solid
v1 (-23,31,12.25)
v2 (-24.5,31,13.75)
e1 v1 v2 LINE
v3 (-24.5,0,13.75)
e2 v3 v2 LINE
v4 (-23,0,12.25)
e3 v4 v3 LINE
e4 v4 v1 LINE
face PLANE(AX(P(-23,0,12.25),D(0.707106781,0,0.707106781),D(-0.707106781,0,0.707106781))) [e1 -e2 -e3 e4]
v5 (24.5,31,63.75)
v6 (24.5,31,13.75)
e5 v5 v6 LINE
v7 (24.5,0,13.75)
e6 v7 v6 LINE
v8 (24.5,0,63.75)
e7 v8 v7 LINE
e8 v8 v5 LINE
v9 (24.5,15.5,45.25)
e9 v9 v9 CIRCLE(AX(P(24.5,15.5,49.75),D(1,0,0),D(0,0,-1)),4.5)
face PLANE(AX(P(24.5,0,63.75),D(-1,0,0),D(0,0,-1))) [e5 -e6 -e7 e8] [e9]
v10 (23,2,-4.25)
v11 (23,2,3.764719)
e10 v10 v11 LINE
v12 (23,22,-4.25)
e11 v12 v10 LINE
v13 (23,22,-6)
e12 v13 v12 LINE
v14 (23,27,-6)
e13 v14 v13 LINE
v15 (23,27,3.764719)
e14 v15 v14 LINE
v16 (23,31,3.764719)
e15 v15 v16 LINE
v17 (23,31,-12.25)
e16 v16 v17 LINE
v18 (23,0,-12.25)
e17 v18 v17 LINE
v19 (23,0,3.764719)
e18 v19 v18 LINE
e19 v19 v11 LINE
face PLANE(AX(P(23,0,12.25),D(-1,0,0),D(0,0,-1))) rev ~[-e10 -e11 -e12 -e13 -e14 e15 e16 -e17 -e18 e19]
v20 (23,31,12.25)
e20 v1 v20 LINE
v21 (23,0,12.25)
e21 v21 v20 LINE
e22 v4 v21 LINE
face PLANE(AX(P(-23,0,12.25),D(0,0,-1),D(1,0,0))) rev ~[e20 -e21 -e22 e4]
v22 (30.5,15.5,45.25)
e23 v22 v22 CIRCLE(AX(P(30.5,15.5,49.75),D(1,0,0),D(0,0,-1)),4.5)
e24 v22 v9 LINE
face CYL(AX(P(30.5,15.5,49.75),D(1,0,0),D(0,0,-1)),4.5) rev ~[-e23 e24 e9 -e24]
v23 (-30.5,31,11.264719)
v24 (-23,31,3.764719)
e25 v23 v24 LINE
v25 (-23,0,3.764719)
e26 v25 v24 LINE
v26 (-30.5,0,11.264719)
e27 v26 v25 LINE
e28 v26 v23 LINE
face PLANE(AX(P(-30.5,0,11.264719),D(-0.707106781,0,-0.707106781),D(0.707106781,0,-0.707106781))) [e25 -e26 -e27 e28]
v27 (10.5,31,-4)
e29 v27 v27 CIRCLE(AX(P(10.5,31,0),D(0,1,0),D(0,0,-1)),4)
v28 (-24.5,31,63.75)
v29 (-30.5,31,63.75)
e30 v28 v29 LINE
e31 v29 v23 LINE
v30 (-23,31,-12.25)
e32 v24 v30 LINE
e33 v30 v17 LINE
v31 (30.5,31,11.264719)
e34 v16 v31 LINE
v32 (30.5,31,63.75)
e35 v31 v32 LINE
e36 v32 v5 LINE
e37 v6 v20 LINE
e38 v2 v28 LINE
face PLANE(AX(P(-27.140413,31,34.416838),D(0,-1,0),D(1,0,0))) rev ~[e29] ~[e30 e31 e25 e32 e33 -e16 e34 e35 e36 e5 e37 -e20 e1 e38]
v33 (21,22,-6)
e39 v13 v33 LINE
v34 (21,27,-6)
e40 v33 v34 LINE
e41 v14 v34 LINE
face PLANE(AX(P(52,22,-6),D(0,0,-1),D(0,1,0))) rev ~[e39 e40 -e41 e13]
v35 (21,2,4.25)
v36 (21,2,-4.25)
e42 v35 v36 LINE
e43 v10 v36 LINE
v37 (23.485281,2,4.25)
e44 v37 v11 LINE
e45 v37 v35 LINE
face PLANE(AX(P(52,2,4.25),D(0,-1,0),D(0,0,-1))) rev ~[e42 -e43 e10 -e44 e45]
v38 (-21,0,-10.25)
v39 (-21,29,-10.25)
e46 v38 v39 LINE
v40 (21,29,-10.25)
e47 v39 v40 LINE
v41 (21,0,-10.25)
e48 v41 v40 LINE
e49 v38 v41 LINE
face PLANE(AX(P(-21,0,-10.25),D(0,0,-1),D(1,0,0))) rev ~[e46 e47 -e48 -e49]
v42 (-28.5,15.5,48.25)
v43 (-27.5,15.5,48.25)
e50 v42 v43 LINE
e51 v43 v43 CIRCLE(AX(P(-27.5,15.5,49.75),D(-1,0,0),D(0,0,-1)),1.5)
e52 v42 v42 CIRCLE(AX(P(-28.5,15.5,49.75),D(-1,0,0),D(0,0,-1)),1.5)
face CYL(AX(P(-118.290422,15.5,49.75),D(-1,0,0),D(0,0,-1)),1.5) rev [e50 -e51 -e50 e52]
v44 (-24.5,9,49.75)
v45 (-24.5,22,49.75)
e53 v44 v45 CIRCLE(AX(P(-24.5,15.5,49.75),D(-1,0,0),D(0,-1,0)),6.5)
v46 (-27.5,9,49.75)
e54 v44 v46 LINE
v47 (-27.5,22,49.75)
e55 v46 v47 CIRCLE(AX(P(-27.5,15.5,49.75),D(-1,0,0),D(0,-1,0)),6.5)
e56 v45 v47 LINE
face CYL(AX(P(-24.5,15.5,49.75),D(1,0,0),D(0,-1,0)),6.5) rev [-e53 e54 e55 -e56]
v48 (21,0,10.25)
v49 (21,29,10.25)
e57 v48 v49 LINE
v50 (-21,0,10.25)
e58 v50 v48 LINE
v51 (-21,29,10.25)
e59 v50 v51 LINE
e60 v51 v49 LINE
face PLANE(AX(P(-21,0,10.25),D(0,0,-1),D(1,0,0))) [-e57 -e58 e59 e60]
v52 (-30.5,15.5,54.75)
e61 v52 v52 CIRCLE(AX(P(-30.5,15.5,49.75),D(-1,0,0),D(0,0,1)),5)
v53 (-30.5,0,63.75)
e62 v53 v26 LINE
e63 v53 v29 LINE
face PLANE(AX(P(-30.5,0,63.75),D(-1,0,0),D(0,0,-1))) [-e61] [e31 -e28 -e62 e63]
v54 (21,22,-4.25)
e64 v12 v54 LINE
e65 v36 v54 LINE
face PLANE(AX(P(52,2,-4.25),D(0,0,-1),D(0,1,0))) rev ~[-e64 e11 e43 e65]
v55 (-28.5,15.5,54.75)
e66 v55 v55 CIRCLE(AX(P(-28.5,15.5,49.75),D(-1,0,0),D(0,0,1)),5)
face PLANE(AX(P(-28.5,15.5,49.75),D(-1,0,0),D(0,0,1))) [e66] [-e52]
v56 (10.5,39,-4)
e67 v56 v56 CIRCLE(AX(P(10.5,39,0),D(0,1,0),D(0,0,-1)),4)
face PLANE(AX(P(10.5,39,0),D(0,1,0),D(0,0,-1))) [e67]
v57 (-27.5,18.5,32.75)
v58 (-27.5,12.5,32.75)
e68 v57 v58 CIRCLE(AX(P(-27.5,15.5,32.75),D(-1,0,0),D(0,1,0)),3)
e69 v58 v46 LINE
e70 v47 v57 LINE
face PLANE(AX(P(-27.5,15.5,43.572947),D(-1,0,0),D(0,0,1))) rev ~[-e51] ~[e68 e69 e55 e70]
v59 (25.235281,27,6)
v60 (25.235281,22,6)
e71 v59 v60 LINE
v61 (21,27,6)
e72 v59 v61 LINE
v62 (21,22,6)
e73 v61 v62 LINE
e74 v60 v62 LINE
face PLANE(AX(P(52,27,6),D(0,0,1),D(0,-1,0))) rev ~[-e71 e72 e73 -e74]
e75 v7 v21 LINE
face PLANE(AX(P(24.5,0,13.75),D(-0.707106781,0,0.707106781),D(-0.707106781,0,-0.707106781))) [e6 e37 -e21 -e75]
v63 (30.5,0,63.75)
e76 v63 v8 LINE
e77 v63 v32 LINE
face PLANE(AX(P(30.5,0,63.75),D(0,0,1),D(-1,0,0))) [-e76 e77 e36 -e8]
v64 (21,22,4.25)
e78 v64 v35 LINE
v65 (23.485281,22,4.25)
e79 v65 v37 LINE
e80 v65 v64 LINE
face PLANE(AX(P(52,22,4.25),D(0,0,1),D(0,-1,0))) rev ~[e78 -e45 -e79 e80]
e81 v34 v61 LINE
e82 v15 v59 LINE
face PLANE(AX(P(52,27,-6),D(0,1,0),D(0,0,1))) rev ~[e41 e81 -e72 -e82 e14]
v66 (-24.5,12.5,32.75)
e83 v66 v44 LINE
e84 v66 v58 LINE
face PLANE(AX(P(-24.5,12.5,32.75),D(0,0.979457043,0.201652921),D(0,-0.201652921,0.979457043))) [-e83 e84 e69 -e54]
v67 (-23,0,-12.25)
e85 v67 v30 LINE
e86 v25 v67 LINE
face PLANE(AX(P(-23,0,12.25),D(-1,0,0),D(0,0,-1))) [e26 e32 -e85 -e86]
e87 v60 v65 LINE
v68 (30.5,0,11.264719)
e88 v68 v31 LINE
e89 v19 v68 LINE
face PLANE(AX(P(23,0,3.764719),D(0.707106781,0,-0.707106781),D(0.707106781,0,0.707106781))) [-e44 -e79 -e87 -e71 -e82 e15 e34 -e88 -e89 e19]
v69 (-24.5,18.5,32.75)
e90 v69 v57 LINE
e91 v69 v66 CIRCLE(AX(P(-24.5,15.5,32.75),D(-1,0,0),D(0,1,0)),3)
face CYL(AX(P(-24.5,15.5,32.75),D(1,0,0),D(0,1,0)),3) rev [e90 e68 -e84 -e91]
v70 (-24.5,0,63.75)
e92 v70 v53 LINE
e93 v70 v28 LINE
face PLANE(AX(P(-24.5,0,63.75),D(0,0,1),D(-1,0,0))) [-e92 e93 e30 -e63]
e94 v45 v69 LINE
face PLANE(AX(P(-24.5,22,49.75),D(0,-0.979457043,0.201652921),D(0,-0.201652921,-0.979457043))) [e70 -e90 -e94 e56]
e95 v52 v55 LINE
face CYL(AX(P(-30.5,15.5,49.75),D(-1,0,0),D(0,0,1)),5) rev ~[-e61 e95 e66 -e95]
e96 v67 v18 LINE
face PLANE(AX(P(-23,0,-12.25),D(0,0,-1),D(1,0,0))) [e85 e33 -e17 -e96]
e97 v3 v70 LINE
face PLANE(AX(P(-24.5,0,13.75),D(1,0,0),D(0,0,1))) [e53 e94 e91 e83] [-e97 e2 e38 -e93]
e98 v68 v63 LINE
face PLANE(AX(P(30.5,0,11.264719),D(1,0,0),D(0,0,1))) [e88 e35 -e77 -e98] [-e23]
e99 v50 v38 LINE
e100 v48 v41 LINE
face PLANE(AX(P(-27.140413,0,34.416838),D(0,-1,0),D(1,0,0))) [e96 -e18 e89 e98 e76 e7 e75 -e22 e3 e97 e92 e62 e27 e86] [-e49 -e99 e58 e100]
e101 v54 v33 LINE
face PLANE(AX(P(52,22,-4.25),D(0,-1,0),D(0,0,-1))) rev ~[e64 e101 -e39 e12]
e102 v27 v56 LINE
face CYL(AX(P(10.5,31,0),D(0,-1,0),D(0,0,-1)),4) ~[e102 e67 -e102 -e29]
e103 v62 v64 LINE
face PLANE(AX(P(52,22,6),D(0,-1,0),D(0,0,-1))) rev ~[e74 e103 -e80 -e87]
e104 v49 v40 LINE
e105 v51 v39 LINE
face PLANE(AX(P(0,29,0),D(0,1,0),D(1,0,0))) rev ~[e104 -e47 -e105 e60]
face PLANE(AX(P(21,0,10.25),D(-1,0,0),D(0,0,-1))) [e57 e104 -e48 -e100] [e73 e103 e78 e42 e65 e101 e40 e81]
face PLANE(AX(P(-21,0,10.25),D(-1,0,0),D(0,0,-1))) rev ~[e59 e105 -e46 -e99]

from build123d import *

# Parameters (mm, degrees)
SKETCH1_W               = 46
SKETCH1_H               = 24.5
BODY_DEPTH              = 31
SKETCH3_W               = 42
SKETCH3_H               = 20.5
SERVO_HOLE_DEPTH        = 29
SKETCH6_R               = 4
BOSS_EXTRUDE3_DEPTH     = 8
BOSS_EXTRUDE4_DEPTH     = 31
CUT_EXTRUDE3_DEPTH      = 2
CUT_EXTRUDE3_DEPTH_BACK = 29
CUT_EXTRUDE4_DEPTH      = 3
CUT_EXTRUDE5_DEPTH      = 93.790422458
CUT_EXTRUDE5_DEPTH_BACK = 93.790422458
SKETCH11_R              = 1.5
SKETCH12_R              = 4.5
CUT_EXTRUDE6_DEPTH      = 6
SKETCH13_R              = 5
CUT_EXTRUDE7_DEPTH      = 2


with BuildPart() as part:
    # Sketch1 → Body (new body)
    with BuildSketch(Plane(origin=(0, 0, 0), x_dir=(1, 0, 0), z_dir=(0, 1, 0))):
        Rectangle(SKETCH1_W, SKETCH1_H)
    extrude(amount=BODY_DEPTH)

    # Sketch3 → Servo Hole (cut)
    with BuildSketch(Plane(origin=(0, 0, 0), x_dir=(1, 0, 0), z_dir=(0, 1, 0))):
        Rectangle(SKETCH3_W, SKETCH3_H)
    extrude(amount=SERVO_HOLE_DEPTH, mode=Mode.SUBTRACT)

    # Sketch6 → Boss-Extrude3 (add)
    with BuildSketch(Plane(origin=(0, 31, 0), x_dir=(1, 0, 0), z_dir=(0, 1, 0))):
        with Locations(Location((10.5, 0, 0), (0, 0, 90))):
            Circle(SKETCH6_R)
    extrude(amount=BOSS_EXTRUDE3_DEPTH)

    # Sketch8 → Boss-Extrude4 (add)
    with BuildSketch(Plane.XZ):
        Polygon((-23, 12.25), (-24.5, 13.75), (-24.5, 63.75), (-30.5, 63.75), (-30.5, 11.264718626), (-23, 3.764718626), align=None)
        Polygon((24.5, 63.75), (24.5, 13.75), (23, 12.25), (23, 3.764718626), (30.5, 11.264718626), (30.5, 63.75), align=None)
    extrude(amount=-BOSS_EXTRUDE4_DEPTH)

    # Sketch5 → Cut-Extrude3 (cut, two sides: drawn at the far end of the back side and taken through both)
    with BuildSketch(Plane.ZY.offset(-23).offset(-CUT_EXTRUDE3_DEPTH_BACK)):
        Polygon((-6, 27), (6, 27), (6, 22), (4.25, 22), (4.25, 2), (-4.25, 2), (-4.25, 22), (-6, 22), align=None)
    extrude(amount=CUT_EXTRUDE3_DEPTH + CUT_EXTRUDE3_DEPTH_BACK, mode=Mode.SUBTRACT)

    # Sketch10 → Cut-Extrude4 (cut)
    with BuildSketch(Plane(origin=(-24.5, 0, 0), x_dir=(0, 0, -1), z_dir=(1, 0, 0))):
        with BuildLine():
            Line((-32.75, 12.5), (-49.75, 9))
            ThreePointArc((-49.75, 9), (-56.25, 15.5), (-49.75, 22))
            Line((-49.75, 22), (-32.75, 18.5))
            ThreePointArc((-32.75, 18.5), (-29.75, 15.5), (-32.75, 12.5))
        make_face()
    extrude(amount=-CUT_EXTRUDE4_DEPTH, mode=Mode.SUBTRACT)

    # Sketch11 → Cut-Extrude5 (cut, two sides: drawn at the far end of the back side and taken through both)
    with BuildSketch(Plane(origin=(-24.5, 0, 0), x_dir=(0, 0, -1), z_dir=(1, 0, 0)).offset(-CUT_EXTRUDE5_DEPTH_BACK)):
        with Locations((-49.75, 15.5)):
            Circle(SKETCH11_R)
    extrude(amount=CUT_EXTRUDE5_DEPTH + CUT_EXTRUDE5_DEPTH_BACK, mode=Mode.SUBTRACT)

    # Sketch12 → Cut-Extrude6 (cut)
    with BuildSketch(Plane(origin=(30.5, 0, 0), x_dir=(0, 0, -1), z_dir=(1, 0, 0))):
        with Locations((-49.75, 15.5)):
            Circle(SKETCH12_R)
    extrude(amount=-CUT_EXTRUDE6_DEPTH, mode=Mode.SUBTRACT)

    # Sketch13 → Cut-Extrude7 (cut)
    with BuildSketch(Plane.ZY.offset(30.5)):
        with Locations((49.75, 15.5)):
            Circle(SKETCH13_R)
    extrude(amount=-CUT_EXTRUDE7_DEPTH, mode=Mode.SUBTRACT)


solid = part.part
